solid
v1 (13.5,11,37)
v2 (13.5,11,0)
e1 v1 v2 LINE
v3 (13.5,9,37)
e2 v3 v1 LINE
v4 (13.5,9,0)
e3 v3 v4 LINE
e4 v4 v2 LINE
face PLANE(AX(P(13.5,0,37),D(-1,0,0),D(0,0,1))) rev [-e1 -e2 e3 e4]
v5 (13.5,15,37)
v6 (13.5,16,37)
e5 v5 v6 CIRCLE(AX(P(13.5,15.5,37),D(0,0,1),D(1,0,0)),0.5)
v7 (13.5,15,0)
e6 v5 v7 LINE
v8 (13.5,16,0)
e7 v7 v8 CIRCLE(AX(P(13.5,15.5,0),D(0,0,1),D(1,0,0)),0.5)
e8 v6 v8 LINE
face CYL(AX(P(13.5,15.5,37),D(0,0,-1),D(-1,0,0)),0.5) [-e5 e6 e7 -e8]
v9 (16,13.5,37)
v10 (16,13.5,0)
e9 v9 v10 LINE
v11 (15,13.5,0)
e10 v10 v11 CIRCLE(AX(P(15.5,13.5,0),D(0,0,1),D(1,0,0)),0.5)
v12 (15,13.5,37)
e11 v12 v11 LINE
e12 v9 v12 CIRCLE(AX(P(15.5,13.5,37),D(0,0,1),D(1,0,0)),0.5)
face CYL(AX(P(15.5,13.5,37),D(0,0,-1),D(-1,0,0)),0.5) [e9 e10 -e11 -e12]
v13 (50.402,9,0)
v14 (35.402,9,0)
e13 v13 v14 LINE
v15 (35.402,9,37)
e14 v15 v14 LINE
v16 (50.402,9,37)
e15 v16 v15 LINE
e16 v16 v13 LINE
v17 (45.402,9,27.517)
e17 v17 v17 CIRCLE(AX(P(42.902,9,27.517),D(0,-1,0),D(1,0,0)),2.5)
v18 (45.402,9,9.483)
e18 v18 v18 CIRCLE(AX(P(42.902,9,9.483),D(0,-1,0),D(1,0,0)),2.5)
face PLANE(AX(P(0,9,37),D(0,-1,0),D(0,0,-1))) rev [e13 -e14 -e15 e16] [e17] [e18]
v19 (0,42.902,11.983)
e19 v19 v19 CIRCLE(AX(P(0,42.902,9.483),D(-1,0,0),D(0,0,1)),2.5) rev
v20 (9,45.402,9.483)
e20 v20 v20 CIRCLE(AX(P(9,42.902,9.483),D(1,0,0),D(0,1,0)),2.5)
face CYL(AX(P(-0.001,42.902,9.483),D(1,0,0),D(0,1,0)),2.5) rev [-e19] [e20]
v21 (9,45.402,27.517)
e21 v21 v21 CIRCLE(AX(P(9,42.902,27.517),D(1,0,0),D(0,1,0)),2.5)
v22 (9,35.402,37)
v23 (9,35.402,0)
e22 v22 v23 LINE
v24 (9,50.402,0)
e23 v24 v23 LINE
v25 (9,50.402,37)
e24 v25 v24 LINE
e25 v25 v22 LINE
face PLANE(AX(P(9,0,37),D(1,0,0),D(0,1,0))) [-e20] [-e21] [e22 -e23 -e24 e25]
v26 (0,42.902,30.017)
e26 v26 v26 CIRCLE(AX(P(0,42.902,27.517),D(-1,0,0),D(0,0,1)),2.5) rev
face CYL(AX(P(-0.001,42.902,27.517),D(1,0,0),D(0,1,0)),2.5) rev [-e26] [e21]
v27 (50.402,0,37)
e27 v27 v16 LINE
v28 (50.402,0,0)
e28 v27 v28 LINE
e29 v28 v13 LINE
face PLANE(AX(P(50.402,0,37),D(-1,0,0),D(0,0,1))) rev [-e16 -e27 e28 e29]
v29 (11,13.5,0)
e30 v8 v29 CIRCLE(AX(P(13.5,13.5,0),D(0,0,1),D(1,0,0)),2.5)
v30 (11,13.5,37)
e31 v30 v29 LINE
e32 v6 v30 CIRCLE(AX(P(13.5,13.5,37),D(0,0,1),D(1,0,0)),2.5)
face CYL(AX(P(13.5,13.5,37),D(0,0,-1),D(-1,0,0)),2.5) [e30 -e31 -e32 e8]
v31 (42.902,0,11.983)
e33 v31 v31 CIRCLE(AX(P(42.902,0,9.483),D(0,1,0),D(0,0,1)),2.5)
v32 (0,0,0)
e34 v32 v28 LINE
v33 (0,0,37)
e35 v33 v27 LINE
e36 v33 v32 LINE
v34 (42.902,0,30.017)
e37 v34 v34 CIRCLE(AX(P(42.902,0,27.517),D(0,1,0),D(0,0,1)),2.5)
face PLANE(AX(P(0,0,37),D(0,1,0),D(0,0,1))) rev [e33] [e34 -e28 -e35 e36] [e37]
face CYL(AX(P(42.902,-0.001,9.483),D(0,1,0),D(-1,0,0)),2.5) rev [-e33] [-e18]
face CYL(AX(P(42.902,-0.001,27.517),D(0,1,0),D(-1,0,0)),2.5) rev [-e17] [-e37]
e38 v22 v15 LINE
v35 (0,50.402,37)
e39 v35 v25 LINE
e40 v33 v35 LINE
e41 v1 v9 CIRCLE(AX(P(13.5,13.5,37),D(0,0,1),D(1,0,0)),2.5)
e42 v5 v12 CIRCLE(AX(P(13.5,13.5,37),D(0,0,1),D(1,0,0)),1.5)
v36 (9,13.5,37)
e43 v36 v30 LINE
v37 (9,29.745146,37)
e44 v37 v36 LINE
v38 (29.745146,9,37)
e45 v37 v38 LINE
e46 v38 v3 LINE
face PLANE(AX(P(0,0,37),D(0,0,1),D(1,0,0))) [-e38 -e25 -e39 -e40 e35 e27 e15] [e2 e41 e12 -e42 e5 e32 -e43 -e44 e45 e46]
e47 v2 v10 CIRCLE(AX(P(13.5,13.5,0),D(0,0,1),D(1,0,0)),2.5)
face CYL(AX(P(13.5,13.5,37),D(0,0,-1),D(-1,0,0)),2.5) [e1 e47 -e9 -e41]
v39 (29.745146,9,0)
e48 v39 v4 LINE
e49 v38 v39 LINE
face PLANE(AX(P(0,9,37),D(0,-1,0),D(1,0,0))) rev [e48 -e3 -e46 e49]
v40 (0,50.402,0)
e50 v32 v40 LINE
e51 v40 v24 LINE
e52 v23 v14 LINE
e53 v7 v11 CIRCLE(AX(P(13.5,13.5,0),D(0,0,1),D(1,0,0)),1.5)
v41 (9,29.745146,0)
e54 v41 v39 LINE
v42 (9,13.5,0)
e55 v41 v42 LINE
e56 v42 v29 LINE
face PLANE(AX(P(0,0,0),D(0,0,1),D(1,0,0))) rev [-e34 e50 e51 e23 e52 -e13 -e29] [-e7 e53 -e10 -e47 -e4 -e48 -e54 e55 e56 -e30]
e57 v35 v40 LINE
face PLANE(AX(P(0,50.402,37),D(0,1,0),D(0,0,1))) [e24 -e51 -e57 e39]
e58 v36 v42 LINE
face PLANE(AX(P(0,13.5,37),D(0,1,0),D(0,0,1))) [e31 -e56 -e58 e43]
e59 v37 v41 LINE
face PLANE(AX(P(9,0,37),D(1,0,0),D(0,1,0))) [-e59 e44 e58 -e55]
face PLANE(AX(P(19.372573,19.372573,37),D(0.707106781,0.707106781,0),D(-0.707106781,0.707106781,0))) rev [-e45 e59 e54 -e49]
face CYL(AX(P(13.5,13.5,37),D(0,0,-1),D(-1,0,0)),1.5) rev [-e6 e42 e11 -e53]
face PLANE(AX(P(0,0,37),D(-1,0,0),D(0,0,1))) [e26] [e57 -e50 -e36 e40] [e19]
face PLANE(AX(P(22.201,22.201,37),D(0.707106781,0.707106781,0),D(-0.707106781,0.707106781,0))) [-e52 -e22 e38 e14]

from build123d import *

# Parameters (mm, degrees)
BOSS_EXTRUDE2_DEPTH = 37
BOSS_EXTRUDE3_DEPTH = 37
CUT_EXTRUDE1_REACH  = 76.99
SKETCH2_R           = 2.5


with BuildPart() as part:
    # Sketch1 → Boss-Extrude2 (new body)
    with BuildSketch(Plane.XY):
        Polygon((35.402000333, 9), (9, 35.402000333), (9, 50.402000333), (0, 50.402000333), (0, 0), (50.402000333, 0), (50.402000333, 9), align=None)
        with BuildLine():
            ThreePointArc((13.5, 11), (11.732233047, 11.732233047), (11, 13.5))
            Line((11, 13.5), (9, 13.5))
            Line((9, 13.5), (9, 29.745146084))
            Line((9, 29.745146084), (29.745146084, 9))
            Line((29.745146084, 9), (13.5, 9))
            Line((13.5, 9), (13.5, 11))
        make_face(mode=Mode.SUBTRACT)
    extrude(amount=BOSS_EXTRUDE2_DEPTH)

    # Sketch1<4> → Boss-Extrude3 (add)
    with BuildSketch(Plane.XY):
        with BuildLine():
            ThreePointArc((13.5, 16), (11.732233047, 11.732233047), (16, 13.5))
            ThreePointArc((16, 13.5), (15.5, 14), (15, 13.5))
            ThreePointArc((15, 13.5), (12.439339828, 12.439339828), (13.5, 15))
            ThreePointArc((13.5, 15), (14, 15.5), (13.5, 16))
        make_face()
    extrude(amount=BOSS_EXTRUDE3_DEPTH)

    # Sketch2 → Cut-Extrude1 (cut, up to next)
    with BuildSketch(Plane(origin=(9, 0, 0), x_dir=(0, 0, -1), z_dir=(1, 0, 0)), mode=Mode.PRIVATE) as cut_extrude1_sk1:
        with Locations((-9.483, 42.902000333)):
            Circle(SKETCH2_R)
    cut_extrude1_tool1 = extrude(cut_extrude1_sk1.sketch, amount=-CUT_EXTRUDE1_REACH, mode=Mode.PRIVATE) & part.part
    # Sketch2 → Cut-Extrude1 (cut, up to next)
    with BuildSketch(Plane(origin=(9, 0, 0), x_dir=(0, 0, -1), z_dir=(1, 0, 0)), mode=Mode.PRIVATE) as cut_extrude1_sk2:
        with Locations((-27.517, 42.902000333)):
            Circle(SKETCH2_R)
    cut_extrude1_tool2 = extrude(cut_extrude1_sk2.sketch, amount=-CUT_EXTRUDE1_REACH, mode=Mode.PRIVATE) & part.part
    cut_extrude1_1 = cut_extrude1_tool1.solids().sort_by_distance((9, 42.902, 9.483))[0]
    add(cut_extrude1_1, mode=Mode.SUBTRACT)
    cut_extrude1_2 = cut_extrude1_tool2.solids().sort_by_distance((9, 42.902, 27.517))[0]
    add(cut_extrude1_2, mode=Mode.SUBTRACT)
    cut_extrude1 = cut_extrude1_1 + cut_extrude1_2  # Cut-Extrude1 as one shape, for the pattern or mirror that repeats it

    # Mirror1: Cut-Extrude1 across plane
    add(cut_extrude1.mirror(Plane(origin=(0, 0, 0), x_dir=(0, 0, 1), z_dir=(0.7071067811865464, -0.7071067811865488, 0))), mode=Mode.SUBTRACT)


solid = part.part
